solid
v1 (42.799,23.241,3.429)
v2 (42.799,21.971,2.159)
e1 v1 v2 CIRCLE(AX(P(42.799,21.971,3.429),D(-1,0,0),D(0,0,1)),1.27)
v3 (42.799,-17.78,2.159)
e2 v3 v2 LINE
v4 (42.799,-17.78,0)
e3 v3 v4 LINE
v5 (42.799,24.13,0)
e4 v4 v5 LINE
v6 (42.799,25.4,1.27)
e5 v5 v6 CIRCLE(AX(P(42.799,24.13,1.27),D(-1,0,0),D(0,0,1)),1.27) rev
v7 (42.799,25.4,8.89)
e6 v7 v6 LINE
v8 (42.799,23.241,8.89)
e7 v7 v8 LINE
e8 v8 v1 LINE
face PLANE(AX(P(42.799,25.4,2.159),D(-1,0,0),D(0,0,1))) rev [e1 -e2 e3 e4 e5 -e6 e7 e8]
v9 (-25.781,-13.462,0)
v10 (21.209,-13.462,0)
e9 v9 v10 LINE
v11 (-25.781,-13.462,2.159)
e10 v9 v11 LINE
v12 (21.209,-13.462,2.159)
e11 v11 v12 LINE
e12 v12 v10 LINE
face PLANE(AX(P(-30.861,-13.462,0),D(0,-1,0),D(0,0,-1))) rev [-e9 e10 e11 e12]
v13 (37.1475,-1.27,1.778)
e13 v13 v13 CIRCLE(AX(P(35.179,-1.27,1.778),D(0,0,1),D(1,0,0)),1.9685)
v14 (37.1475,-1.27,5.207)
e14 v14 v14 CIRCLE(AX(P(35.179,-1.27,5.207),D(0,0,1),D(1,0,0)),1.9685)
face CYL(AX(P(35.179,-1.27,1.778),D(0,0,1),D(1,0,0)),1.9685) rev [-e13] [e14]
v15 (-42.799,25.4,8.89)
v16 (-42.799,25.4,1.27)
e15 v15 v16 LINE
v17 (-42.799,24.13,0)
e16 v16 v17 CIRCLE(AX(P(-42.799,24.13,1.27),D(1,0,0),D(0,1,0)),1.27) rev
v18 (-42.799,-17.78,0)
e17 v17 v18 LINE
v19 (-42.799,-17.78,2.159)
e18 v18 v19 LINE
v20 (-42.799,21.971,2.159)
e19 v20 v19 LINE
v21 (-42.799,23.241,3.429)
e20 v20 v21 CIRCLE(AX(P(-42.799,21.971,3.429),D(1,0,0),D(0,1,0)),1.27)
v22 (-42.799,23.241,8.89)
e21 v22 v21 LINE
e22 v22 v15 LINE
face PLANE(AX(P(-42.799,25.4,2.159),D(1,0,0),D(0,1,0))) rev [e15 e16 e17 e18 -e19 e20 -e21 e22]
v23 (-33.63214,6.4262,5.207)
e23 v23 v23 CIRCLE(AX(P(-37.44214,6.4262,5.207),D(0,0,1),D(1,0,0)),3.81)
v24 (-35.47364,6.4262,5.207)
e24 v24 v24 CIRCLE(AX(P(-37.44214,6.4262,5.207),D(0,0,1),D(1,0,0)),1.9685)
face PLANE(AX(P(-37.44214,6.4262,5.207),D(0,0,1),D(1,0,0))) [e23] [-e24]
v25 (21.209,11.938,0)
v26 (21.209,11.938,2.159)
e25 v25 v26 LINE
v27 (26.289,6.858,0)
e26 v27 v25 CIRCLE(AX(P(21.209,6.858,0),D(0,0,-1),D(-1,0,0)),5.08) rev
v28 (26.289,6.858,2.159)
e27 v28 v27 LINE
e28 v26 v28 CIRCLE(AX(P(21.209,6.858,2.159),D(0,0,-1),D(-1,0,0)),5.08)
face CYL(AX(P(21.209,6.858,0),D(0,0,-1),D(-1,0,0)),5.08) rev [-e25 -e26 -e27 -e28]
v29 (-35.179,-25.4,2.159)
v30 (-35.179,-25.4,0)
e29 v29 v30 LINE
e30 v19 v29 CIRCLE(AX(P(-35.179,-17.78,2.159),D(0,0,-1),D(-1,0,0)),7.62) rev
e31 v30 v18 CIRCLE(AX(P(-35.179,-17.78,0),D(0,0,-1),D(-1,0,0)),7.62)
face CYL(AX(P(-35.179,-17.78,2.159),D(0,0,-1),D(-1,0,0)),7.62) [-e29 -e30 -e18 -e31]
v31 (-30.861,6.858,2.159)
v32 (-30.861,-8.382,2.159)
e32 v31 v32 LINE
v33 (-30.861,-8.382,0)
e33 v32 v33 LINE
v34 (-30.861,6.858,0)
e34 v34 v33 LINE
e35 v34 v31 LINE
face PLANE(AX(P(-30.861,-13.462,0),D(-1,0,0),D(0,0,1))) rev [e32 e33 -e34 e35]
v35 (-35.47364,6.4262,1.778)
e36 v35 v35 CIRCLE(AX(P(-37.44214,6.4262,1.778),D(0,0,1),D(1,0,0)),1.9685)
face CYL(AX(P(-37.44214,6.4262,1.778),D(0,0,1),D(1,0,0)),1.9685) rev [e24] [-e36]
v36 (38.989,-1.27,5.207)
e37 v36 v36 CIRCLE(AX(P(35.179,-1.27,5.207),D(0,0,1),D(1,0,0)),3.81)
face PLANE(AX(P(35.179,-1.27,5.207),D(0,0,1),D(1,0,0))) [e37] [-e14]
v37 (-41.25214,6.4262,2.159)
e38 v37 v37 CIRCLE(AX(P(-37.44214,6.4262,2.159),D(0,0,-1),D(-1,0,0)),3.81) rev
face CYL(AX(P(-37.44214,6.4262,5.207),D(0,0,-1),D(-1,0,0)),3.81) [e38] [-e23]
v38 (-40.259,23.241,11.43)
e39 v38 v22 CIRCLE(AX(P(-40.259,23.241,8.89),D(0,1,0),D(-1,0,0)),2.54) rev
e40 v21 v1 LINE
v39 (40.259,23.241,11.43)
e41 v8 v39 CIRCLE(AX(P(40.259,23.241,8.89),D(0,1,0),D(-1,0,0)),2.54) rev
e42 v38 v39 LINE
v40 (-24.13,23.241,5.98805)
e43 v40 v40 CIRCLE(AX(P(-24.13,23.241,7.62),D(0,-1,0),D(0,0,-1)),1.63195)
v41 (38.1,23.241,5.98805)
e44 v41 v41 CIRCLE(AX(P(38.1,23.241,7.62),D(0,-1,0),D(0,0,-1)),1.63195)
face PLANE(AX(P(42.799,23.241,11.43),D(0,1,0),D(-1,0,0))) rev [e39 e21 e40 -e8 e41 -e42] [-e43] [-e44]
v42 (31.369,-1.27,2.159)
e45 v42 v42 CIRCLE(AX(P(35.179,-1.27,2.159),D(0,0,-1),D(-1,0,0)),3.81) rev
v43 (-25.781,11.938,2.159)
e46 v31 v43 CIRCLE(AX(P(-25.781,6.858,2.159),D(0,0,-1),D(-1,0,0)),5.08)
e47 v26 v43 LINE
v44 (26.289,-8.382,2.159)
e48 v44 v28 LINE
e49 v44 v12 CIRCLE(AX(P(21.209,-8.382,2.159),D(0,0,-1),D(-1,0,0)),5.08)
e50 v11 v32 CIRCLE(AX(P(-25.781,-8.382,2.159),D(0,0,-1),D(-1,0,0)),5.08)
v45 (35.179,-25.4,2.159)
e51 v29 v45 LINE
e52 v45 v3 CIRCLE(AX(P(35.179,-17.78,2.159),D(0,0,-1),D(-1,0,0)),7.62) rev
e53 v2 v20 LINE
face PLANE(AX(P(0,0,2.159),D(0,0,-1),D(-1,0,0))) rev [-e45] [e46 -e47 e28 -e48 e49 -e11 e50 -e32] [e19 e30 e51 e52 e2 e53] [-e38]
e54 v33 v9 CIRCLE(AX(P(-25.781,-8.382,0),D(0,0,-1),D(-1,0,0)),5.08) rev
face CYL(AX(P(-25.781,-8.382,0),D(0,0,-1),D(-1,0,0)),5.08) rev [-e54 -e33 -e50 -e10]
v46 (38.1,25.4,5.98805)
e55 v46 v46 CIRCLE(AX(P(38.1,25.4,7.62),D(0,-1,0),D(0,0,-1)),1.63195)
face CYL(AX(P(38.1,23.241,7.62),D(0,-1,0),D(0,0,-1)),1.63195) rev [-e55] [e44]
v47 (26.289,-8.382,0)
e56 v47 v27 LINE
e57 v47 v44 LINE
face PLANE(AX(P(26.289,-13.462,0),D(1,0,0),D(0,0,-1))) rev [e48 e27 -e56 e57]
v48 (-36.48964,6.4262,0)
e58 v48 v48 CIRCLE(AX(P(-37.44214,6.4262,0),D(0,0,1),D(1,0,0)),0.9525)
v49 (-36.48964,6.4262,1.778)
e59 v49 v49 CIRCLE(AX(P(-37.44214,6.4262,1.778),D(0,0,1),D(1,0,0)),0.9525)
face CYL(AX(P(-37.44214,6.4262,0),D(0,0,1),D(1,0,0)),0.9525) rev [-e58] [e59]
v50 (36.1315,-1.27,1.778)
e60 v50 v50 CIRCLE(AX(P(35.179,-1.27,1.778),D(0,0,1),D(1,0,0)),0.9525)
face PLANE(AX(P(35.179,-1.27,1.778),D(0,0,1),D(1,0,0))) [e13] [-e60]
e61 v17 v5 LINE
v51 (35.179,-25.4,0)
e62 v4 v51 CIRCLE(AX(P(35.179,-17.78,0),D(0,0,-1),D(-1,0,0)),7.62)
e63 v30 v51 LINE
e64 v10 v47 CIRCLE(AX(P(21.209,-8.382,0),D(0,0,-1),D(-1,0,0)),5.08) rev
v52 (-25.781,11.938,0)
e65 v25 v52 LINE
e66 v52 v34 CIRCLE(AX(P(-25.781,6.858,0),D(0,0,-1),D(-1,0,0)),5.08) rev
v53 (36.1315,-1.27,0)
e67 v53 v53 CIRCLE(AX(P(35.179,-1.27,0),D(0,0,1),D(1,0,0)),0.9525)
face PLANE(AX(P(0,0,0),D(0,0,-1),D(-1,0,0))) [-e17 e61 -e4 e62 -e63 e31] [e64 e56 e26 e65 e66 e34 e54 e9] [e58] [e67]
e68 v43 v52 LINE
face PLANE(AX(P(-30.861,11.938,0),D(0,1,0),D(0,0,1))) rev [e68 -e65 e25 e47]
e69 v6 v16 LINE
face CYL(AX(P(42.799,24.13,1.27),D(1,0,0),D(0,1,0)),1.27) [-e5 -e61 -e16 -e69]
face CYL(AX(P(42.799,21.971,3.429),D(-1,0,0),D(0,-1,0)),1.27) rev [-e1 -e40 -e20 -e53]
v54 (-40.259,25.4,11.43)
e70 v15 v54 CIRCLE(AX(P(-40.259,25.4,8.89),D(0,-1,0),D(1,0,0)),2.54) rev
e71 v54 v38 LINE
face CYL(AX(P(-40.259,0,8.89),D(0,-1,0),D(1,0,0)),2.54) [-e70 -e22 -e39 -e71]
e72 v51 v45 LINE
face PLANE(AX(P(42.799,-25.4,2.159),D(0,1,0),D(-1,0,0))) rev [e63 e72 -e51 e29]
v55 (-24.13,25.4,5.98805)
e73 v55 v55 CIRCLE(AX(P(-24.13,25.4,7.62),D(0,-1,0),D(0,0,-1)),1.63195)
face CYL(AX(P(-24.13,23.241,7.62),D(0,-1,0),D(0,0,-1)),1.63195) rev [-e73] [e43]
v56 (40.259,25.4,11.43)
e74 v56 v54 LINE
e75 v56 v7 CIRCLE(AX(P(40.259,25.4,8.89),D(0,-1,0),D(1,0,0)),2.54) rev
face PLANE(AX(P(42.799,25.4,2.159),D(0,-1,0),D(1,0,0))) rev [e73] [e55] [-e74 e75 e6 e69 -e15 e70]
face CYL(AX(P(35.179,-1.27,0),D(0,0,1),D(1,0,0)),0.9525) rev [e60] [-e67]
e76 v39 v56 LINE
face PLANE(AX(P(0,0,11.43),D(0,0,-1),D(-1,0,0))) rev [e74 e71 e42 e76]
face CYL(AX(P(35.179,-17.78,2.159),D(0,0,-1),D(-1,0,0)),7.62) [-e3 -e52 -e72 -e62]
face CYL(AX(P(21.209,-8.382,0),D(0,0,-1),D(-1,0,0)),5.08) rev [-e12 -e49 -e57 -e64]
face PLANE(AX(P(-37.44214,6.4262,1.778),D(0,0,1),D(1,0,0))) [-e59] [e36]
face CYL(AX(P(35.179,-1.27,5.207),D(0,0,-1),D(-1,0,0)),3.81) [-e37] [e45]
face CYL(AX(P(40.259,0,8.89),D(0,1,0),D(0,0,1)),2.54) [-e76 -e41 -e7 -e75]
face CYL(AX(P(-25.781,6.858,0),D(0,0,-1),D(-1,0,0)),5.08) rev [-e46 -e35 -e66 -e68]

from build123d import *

# Parameters (mm, degrees)
SKETCH1_W             = 85.598
SKETCH1_H             = 50.8
BOSS_EXTRUDE1_DEPTH   = 2.159
SKETCH2_W             = 85.598
SKETCH2_H             = 2.159
BOSS_EXTRUDE2_DEPTH   = 9.271
FILLET1_R             = 1.27
FILLET2_R             = 1.27
FILLET3_R             = 2.54
FILLET4_R             = 7.62
SKETCH3_W             = 57.15
SKETCH3_H             = 25.4
CUT_EXTRUDE1_DEPTH    = 3.159
FILLET5_R             = 5.08
F_4_CLEARANCE_HOLE1_D = 3.2639
SKETCH6_R             = 3.81
BOSS_EXTRUDE3_DEPTH   = 3.048
SKETCH8_R             = 1.9685
CUT_EXTRUDE2_DEPTH    = 3.429
SKETCH9_R             = 0.9525
CUT_EXTRUDE3_DEPTH    = 2.778


with BuildPart() as part:
    # Sketch1 → Boss-Extrude1 (new body)
    with BuildSketch(Plane.XY):
        Rectangle(SKETCH1_W, SKETCH1_H)
    extrude(amount=BOSS_EXTRUDE1_DEPTH)

    # Sketch2 → Boss-Extrude2 (add)
    with BuildSketch(Plane.XY.offset(2.159)):
        with Locations((0, 24.3205)):
            Rectangle(SKETCH2_W, SKETCH2_H)
    extrude(amount=BOSS_EXTRUDE2_DEPTH)

    # Fillet1
    fillet1_edges = [part.edges().sort_by_distance(p)[0] for p in [
        (0, 23.241, 2.159),
    ]]
    fillet(fillet1_edges, radius=FILLET1_R)

    # Fillet2
    fillet2_edges = [part.edges().sort_by_distance(p)[0] for p in [
        (0, 25.4, 0),
    ]]
    fillet(fillet2_edges, radius=FILLET2_R)

    # Fillet3
    fillet3_edges = [part.edges().sort_by_distance(p)[0] for p in [
        (42.799, 24.3205, 11.43),
        (-42.799, 24.3205, 11.43),
    ]]
    fillet(fillet3_edges, radius=FILLET3_R)

    # Fillet4
    fillet4_edges = [part.edges().sort_by_distance(p)[0] for p in [
        (42.799, -25.4, 1.0795),
        (-42.799, -25.4, 1.0795),
    ]]
    fillet(fillet4_edges, radius=FILLET4_R)

    # Sketch3 → Cut-Extrude1 (cut, through all)
    with BuildSketch(Plane.XY.offset(2.159)):
        with Locations((-2.286, -0.762)):
            Rectangle(SKETCH3_W, SKETCH3_H)
    extrude(amount=-CUT_EXTRUDE1_DEPTH, mode=Mode.SUBTRACT)

    # Fillet5
    fillet5_edges = [part.edges().sort_by_distance(p)[0] for p in [
        (-30.861, -13.462, 1.0795),
        (-30.861, 11.938, 1.0795),
        (26.289, 11.938, 1.0795),
        (26.289, -13.462, 1.0795),
    ]]
    fillet(fillet5_edges, radius=FILLET5_R)

    # #4 Clearance Hole1 (through all)
    with Locations(Plane(origin=(0, 23.241, 0), x_dir=(-1, 0, 0), z_dir=(0, -1, 0))):
        with Locations((-38.1, -7.62), (24.13, -7.62)):
            Hole(F_4_CLEARANCE_HOLE1_D / 2)

    # Sketch6 → Boss-Extrude3 (add)
    with BuildSketch(Plane.XY.offset(2.159)):
        with Locations((35.179, -1.27)):
            Circle(SKETCH6_R)
        with Locations((-37.44214, 6.4262)):
            Circle(SKETCH6_R)
    extrude(amount=BOSS_EXTRUDE3_DEPTH)

    # Sketch8 → Cut-Extrude2 (cut)
    with BuildSketch(Plane.XY.offset(5.207)):
        with Locations((-37.44214, 6.4262)):
            Circle(SKETCH8_R)
        with Locations((35.179, -1.27)):
            Circle(SKETCH8_R)
    extrude(amount=-CUT_EXTRUDE2_DEPTH, mode=Mode.SUBTRACT)

    # Sketch9 → Cut-Extrude3 (cut, through all)
    with BuildSketch(Plane.XY.offset(1.778)):
        with Locations((-37.44214, 6.4262)):
            Circle(SKETCH9_R)
        with Locations((35.179, -1.27)):
            Circle(SKETCH9_R)
    extrude(amount=-CUT_EXTRUDE3_DEPTH, mode=Mode.SUBTRACT)


solid = part.part
